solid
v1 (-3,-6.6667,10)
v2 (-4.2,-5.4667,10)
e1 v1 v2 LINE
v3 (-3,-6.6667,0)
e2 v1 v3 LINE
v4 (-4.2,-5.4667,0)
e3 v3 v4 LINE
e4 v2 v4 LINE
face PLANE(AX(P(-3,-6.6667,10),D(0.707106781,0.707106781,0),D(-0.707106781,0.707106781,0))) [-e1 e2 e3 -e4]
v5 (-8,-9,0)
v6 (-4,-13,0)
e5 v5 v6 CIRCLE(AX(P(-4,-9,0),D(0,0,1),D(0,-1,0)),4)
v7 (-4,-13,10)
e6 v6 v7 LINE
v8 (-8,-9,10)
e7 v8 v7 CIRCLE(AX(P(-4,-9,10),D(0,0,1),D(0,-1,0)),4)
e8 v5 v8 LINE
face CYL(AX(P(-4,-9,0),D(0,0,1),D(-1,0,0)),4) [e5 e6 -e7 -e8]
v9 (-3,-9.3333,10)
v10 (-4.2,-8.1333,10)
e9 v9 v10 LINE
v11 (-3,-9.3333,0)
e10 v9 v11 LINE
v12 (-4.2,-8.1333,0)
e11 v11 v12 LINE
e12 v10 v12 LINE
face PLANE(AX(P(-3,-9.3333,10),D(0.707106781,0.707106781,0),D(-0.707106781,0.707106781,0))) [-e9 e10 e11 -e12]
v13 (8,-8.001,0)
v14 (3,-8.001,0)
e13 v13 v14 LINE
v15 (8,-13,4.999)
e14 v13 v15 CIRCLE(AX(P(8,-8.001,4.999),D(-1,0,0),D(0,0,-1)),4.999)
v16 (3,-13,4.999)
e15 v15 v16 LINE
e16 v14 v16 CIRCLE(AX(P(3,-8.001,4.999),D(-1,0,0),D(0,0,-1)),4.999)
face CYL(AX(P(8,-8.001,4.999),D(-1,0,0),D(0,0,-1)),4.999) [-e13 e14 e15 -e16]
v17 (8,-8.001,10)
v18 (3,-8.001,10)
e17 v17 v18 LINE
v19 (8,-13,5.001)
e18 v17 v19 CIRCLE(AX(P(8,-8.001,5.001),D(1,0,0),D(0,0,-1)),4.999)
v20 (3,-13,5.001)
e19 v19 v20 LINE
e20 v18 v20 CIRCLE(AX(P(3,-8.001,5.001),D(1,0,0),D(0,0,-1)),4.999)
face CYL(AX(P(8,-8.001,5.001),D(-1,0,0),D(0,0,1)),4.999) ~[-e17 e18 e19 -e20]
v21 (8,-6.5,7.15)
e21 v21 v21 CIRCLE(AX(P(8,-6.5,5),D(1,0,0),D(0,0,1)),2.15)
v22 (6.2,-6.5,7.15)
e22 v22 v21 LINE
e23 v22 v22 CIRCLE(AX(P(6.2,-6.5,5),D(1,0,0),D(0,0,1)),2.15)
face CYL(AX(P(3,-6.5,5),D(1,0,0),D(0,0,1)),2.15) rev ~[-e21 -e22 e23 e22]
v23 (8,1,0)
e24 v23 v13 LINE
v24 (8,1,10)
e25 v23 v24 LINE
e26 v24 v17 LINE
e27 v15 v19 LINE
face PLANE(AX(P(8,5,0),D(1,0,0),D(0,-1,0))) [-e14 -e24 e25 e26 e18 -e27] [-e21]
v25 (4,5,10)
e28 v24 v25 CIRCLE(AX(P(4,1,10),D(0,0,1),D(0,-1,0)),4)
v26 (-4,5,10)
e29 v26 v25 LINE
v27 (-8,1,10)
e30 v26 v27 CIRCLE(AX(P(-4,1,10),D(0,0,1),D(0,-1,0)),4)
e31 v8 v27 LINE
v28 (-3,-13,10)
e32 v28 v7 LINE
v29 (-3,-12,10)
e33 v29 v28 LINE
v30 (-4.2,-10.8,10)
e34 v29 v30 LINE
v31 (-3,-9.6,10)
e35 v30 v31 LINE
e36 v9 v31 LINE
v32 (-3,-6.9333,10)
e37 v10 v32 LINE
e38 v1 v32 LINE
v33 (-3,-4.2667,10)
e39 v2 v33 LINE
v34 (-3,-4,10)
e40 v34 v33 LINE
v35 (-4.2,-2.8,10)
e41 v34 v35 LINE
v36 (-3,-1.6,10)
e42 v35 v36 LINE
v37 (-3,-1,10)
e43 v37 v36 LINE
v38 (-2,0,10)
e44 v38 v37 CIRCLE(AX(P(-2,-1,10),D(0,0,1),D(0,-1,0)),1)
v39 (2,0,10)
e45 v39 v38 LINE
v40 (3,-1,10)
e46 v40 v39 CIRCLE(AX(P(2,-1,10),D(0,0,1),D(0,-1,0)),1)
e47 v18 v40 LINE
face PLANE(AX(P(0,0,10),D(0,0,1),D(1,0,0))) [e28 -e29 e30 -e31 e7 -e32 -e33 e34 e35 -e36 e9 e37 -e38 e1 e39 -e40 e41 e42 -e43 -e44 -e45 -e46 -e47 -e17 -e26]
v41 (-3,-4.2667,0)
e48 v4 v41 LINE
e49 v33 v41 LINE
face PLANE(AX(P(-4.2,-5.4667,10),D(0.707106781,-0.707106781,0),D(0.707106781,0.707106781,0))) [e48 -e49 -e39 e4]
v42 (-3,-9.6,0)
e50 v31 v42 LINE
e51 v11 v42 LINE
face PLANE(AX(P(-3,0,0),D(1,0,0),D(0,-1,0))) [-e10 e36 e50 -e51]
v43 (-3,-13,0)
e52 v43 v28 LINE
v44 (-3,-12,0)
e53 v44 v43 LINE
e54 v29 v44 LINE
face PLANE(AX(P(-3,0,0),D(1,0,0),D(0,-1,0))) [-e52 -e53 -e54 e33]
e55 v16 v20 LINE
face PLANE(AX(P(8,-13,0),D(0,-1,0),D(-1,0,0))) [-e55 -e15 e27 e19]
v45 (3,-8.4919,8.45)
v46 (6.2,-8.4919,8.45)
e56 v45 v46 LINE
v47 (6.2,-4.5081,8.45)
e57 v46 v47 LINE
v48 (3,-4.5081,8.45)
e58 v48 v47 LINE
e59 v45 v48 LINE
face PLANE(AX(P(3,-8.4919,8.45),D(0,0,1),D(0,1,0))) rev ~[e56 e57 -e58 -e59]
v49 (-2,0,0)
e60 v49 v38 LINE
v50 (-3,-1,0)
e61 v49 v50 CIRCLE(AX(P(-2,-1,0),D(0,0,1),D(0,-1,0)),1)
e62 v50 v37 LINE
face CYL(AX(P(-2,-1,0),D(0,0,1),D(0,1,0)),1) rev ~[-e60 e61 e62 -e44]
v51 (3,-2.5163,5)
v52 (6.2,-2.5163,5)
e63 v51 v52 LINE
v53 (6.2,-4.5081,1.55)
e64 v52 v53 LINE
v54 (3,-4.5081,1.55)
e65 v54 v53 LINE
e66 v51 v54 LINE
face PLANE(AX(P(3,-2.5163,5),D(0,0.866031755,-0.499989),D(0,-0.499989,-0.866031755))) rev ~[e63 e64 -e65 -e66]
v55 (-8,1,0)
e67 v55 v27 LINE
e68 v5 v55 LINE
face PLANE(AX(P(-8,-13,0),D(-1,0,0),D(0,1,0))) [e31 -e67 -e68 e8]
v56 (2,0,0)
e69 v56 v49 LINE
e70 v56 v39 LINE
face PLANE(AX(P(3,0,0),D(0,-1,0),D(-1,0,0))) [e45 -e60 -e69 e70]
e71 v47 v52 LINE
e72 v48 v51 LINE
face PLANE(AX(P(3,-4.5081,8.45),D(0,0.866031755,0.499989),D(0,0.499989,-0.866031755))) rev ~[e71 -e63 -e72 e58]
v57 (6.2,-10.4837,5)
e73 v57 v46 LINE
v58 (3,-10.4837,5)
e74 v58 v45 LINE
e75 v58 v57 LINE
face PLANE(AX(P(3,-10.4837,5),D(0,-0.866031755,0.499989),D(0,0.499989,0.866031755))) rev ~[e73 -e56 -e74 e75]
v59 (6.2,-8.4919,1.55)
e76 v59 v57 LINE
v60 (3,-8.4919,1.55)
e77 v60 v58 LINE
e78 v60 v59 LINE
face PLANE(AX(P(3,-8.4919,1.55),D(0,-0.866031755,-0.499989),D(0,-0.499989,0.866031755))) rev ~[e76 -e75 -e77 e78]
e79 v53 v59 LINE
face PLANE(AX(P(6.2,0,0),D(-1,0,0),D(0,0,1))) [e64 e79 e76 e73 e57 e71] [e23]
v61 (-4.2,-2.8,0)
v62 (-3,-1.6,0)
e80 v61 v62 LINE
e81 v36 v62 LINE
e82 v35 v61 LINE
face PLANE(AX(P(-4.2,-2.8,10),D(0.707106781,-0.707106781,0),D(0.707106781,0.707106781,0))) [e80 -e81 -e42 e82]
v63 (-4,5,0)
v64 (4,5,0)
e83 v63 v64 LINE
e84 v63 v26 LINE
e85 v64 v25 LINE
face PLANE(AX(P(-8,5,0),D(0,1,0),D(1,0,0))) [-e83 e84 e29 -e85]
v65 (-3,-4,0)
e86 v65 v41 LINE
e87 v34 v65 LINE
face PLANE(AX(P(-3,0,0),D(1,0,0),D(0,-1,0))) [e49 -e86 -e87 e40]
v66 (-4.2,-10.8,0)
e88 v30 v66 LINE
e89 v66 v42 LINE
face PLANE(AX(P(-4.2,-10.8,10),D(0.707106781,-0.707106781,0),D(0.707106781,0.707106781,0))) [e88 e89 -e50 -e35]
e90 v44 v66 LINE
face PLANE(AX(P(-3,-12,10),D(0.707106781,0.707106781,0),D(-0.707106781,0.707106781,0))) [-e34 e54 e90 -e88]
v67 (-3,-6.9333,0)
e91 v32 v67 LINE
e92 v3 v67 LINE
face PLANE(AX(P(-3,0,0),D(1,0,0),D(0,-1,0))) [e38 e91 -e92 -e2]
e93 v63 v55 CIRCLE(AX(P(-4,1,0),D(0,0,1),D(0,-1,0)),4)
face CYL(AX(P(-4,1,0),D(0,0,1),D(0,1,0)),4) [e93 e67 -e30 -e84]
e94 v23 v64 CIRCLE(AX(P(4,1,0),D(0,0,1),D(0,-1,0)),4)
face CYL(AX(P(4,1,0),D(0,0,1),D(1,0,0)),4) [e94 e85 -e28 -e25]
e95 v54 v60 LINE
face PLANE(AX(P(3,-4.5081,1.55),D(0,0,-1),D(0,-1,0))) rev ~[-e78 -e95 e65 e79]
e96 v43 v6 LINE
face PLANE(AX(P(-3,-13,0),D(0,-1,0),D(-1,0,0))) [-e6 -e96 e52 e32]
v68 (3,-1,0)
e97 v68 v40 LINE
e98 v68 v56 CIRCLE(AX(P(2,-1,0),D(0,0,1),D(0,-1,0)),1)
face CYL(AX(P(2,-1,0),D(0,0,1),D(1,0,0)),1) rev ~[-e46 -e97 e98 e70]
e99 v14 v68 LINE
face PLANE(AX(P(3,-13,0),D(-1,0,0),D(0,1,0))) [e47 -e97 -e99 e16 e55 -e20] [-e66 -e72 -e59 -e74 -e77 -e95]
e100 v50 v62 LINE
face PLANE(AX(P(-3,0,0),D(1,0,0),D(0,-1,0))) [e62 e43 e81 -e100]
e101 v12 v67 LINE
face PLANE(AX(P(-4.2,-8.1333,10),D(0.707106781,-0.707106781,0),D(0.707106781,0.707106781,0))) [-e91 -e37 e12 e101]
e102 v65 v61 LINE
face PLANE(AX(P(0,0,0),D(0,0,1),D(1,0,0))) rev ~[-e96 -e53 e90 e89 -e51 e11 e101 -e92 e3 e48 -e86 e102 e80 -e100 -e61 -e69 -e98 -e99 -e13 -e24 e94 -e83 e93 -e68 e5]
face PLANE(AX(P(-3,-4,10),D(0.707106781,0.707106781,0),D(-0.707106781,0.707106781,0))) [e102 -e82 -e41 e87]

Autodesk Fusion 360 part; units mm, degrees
sketch "Sketch1" plane through (0, 0, 0) normal (0, 0, 1) x (1, 0, 0)
  line L0 (-3, -13) -> (-8, -13)
  line L1 (-8, -13) -> (-8, 5)
  line L2 (-8, 5) -> (8, 5)
  line L3 (8, 5) -> (8, -13)
  line L4 (8, -13) -> (3, -13)
  line L5 (3, -13) -> (3, 0)
  line L6 (3, 0) -> (-3, 0)
  line L7 (-3, 0) -> (-3, -13)
  dimension "d1" = 6
  dimension "d2" = 5
  dimension "d3" = 5
  dimension "d4" = 5
  dimension "d6" = 13
extrude "Extrude1" add sketch "Sketch1" along normal blind 10 makes body 1
sketch "Sketch2" plane through (3, 0, 0) normal (-1, 0, 0) x (0, 0, 1)
  line L0 (0, 0) -> (0, -13)
  line L1 (0, -13) -> (10, -13)
  line L2 (10, -13) -> (10, 0)
  line L3 (10, 0) -> (0, 0)
  line L4 (8.45, -8.4919) -> (8.45, -4.5081)
  line L5 (8.45, -4.5081) -> (5, -2.5163)
  line L6 (5, -2.5163) -> (1.55, -4.5081)
  line L7 (1.55, -4.5081) -> (1.55, -8.4919)
  line L8 (1.55, -8.4919) -> (5, -10.4837)
  line L9 (5, -10.4837) -> (8.45, -8.4919)
  point P0 (5, -6.5)
  point P1 (5, 0)
  dimension "d9" = 3.45
  dimension "d10" = 6.5
extrude "Extrude2" cut sketch "Sketch2" against normal blind 3.2 contours L4 L5 L6 L7 L8 L9 bodies 1
hole "Hole1" at (3, -6.5, 5) direction (1, 0, 0) diameter 4.3 end through all bodies 1
sketch "Sketch3" plane through (0, 0, 0) normal (1, 0, 0) x (0, 0, -1)
  circle A0 centre (0, 0) radius 8
  line L0 (0, -3.9837) -> (3.45, -1.9919)
  line L1 (3.45, -1.9919) -> (3.45, 1.9919)
  line L2 (3.45, 1.9919) -> (0, 3.9837)
  line L3 (0, 3.9837) -> (-3.45, 1.9919)
  line L4 (-3.45, 1.9919) -> (-3.45, -1.9919)
  line L5 (-3.45, -1.9919) -> (0, -3.9837)
  circle A1 centre (0, 9) radius 1.75
  circle A2 centre (-4.1825, 7.9691) radius 1.75
  circle A3 centre (-7.4069, 5.1126) radius 1.75
  circle A4 centre (-8.9344, 1.0848) radius 1.75
  circle A5 centre (-8.4151, -3.1914) radius 1.75
  circle A6 centre (-5.9681, -6.7366) radius 1.75
  circle A7 centre (-2.1538, -8.7385) radius 1.75
  circle A8 centre (2.1538, -8.7385) radius 1.75
  circle A9 centre (5.9681, -6.7366) radius 1.75
  circle A10 centre (8.4151, -3.1914) radius 1.75
  circle A11 centre (8.9344, 1.0848) radius 1.75
  circle A12 centre (7.4069, 5.1126) radius 1.75
  circle A13 centre (4.1825, 7.9691) radius 1.75
  dimension "d16" = 16
  dimension "d17" = 3.45
  dimension "d18" = 3.5
  dimension "d19" = 9
  dimension "d21" = 360
extrude "Extrude3" add sketch "Sketch3" along normal blind 5 separate body contours A0 A1 A2 A3 A4 A5 A6 A7 A8 A9 A10 A11 A12 A13 | L0 L1 L2 L3 L4 L5 makes body 2
extrude "Extrude4" cut sketch "Sketch3" along normal blind 3 contours L0 L1 L2 L3 L4 L5 bodies 2
hole "Hole2" at (0, 0, 0) direction (1, 0, 0) diameter 4.2 end through all bodies 2
sketch "Sketch4" plane through (0, 0, 10) normal (0, 0, 1) x (1, 0, 0)
  line L0 (-3, 0) -> (3, 0)
  line L1 (3, 0) -> (3, -13)
  line L2 (3, -13) -> (8, -13)
  line L3 (8, -13) -> (8, 5)
  line L4 (8, 5) -> (-8, 5)
  line L5 (-8, 5) -> (-8, -13)
  line L6 (-8, -13) -> (-3, -13)
  line L7 (-3, -13) -> (-3, 0)
  line L8 (-3, -12) -> (-4.2, -10.8)
  line L9 (-4.2, -10.8) -> (-3, -9.6)
  line L10 (-4.2, -8.1333) -> (-3, -6.9333)
  line L11 (-3, -9.3333) -> (-4.2, -8.1333)
  line L12 (-4.2, -5.4667) -> (-3, -4.2667)
  line L13 (-3, -6.6667) -> (-4.2, -5.4667)
  line L14 (-4.2, -2.8) -> (-3, -1.6)
  line L15 (-3, -4) -> (-4.2, -2.8)
  dimension "d29" = 1.2
  dimension "d30" = 1
  dimension "d33" = 0
  dimension "d34" = 8
extrude "Extrude5" cut sketch "Sketch4" against normal through all contours L7 L14 L15 | L7 L12 L13 | L7 L10 L11 | L7 L8 L9 bodies 1
fillet "Fillet2" radius 5 2 edges at (5.5, -13, 10) (5.5, -13, 0) on bodies 1
fillet "Fillet1" radius 4 3 edges at (-8, 5, 5) (8, 5, 5) (-8, -13, 5) on bodies 1
fillet "Fillet1" radius 1 2 edges at (-3, 0, 5) (3, 0, 5) on bodies 1
fillet "Fillet3" radius 1 26 edges at (0, 4.1185, 5.9666) (0, 2.8368, 7.4801) (0, 0.8739, 7.1971) (0, -0.9643, 7.9417) (0, -2.5709, 6.7789) (0, -4.5445, 6.5839) (0, -5.4267, 4.8076) (0, -7.0836, 3.7178) (0, -7.0393, 1.735) (0, -8, 0) (0, -7.0393, -1.735) (0, -7.0836, -3.7178) (0, -5.4267, -4.8076) (0, -4.5445, -6.5839) (0, -2.5709, -6.7789) (0, -0.9643, -7.9417) (0, 0.8739, -7.1971) (0, 2.8368, -7.4801) (0, 4.1185, -5.9666) (0, 5.9881, -5.305) (0, 6.4196, -3.3692) (0, 7.7675, -1.9145) (0, 7.25, 0) (0, 7.7675, 1.9145) (0, 6.4196, 3.3692) (0, 5.9881, 5.305) on bodies 2
hidden bodies 2
equation "d9 = ( 6.9 / 2 ) * 1 mm"
